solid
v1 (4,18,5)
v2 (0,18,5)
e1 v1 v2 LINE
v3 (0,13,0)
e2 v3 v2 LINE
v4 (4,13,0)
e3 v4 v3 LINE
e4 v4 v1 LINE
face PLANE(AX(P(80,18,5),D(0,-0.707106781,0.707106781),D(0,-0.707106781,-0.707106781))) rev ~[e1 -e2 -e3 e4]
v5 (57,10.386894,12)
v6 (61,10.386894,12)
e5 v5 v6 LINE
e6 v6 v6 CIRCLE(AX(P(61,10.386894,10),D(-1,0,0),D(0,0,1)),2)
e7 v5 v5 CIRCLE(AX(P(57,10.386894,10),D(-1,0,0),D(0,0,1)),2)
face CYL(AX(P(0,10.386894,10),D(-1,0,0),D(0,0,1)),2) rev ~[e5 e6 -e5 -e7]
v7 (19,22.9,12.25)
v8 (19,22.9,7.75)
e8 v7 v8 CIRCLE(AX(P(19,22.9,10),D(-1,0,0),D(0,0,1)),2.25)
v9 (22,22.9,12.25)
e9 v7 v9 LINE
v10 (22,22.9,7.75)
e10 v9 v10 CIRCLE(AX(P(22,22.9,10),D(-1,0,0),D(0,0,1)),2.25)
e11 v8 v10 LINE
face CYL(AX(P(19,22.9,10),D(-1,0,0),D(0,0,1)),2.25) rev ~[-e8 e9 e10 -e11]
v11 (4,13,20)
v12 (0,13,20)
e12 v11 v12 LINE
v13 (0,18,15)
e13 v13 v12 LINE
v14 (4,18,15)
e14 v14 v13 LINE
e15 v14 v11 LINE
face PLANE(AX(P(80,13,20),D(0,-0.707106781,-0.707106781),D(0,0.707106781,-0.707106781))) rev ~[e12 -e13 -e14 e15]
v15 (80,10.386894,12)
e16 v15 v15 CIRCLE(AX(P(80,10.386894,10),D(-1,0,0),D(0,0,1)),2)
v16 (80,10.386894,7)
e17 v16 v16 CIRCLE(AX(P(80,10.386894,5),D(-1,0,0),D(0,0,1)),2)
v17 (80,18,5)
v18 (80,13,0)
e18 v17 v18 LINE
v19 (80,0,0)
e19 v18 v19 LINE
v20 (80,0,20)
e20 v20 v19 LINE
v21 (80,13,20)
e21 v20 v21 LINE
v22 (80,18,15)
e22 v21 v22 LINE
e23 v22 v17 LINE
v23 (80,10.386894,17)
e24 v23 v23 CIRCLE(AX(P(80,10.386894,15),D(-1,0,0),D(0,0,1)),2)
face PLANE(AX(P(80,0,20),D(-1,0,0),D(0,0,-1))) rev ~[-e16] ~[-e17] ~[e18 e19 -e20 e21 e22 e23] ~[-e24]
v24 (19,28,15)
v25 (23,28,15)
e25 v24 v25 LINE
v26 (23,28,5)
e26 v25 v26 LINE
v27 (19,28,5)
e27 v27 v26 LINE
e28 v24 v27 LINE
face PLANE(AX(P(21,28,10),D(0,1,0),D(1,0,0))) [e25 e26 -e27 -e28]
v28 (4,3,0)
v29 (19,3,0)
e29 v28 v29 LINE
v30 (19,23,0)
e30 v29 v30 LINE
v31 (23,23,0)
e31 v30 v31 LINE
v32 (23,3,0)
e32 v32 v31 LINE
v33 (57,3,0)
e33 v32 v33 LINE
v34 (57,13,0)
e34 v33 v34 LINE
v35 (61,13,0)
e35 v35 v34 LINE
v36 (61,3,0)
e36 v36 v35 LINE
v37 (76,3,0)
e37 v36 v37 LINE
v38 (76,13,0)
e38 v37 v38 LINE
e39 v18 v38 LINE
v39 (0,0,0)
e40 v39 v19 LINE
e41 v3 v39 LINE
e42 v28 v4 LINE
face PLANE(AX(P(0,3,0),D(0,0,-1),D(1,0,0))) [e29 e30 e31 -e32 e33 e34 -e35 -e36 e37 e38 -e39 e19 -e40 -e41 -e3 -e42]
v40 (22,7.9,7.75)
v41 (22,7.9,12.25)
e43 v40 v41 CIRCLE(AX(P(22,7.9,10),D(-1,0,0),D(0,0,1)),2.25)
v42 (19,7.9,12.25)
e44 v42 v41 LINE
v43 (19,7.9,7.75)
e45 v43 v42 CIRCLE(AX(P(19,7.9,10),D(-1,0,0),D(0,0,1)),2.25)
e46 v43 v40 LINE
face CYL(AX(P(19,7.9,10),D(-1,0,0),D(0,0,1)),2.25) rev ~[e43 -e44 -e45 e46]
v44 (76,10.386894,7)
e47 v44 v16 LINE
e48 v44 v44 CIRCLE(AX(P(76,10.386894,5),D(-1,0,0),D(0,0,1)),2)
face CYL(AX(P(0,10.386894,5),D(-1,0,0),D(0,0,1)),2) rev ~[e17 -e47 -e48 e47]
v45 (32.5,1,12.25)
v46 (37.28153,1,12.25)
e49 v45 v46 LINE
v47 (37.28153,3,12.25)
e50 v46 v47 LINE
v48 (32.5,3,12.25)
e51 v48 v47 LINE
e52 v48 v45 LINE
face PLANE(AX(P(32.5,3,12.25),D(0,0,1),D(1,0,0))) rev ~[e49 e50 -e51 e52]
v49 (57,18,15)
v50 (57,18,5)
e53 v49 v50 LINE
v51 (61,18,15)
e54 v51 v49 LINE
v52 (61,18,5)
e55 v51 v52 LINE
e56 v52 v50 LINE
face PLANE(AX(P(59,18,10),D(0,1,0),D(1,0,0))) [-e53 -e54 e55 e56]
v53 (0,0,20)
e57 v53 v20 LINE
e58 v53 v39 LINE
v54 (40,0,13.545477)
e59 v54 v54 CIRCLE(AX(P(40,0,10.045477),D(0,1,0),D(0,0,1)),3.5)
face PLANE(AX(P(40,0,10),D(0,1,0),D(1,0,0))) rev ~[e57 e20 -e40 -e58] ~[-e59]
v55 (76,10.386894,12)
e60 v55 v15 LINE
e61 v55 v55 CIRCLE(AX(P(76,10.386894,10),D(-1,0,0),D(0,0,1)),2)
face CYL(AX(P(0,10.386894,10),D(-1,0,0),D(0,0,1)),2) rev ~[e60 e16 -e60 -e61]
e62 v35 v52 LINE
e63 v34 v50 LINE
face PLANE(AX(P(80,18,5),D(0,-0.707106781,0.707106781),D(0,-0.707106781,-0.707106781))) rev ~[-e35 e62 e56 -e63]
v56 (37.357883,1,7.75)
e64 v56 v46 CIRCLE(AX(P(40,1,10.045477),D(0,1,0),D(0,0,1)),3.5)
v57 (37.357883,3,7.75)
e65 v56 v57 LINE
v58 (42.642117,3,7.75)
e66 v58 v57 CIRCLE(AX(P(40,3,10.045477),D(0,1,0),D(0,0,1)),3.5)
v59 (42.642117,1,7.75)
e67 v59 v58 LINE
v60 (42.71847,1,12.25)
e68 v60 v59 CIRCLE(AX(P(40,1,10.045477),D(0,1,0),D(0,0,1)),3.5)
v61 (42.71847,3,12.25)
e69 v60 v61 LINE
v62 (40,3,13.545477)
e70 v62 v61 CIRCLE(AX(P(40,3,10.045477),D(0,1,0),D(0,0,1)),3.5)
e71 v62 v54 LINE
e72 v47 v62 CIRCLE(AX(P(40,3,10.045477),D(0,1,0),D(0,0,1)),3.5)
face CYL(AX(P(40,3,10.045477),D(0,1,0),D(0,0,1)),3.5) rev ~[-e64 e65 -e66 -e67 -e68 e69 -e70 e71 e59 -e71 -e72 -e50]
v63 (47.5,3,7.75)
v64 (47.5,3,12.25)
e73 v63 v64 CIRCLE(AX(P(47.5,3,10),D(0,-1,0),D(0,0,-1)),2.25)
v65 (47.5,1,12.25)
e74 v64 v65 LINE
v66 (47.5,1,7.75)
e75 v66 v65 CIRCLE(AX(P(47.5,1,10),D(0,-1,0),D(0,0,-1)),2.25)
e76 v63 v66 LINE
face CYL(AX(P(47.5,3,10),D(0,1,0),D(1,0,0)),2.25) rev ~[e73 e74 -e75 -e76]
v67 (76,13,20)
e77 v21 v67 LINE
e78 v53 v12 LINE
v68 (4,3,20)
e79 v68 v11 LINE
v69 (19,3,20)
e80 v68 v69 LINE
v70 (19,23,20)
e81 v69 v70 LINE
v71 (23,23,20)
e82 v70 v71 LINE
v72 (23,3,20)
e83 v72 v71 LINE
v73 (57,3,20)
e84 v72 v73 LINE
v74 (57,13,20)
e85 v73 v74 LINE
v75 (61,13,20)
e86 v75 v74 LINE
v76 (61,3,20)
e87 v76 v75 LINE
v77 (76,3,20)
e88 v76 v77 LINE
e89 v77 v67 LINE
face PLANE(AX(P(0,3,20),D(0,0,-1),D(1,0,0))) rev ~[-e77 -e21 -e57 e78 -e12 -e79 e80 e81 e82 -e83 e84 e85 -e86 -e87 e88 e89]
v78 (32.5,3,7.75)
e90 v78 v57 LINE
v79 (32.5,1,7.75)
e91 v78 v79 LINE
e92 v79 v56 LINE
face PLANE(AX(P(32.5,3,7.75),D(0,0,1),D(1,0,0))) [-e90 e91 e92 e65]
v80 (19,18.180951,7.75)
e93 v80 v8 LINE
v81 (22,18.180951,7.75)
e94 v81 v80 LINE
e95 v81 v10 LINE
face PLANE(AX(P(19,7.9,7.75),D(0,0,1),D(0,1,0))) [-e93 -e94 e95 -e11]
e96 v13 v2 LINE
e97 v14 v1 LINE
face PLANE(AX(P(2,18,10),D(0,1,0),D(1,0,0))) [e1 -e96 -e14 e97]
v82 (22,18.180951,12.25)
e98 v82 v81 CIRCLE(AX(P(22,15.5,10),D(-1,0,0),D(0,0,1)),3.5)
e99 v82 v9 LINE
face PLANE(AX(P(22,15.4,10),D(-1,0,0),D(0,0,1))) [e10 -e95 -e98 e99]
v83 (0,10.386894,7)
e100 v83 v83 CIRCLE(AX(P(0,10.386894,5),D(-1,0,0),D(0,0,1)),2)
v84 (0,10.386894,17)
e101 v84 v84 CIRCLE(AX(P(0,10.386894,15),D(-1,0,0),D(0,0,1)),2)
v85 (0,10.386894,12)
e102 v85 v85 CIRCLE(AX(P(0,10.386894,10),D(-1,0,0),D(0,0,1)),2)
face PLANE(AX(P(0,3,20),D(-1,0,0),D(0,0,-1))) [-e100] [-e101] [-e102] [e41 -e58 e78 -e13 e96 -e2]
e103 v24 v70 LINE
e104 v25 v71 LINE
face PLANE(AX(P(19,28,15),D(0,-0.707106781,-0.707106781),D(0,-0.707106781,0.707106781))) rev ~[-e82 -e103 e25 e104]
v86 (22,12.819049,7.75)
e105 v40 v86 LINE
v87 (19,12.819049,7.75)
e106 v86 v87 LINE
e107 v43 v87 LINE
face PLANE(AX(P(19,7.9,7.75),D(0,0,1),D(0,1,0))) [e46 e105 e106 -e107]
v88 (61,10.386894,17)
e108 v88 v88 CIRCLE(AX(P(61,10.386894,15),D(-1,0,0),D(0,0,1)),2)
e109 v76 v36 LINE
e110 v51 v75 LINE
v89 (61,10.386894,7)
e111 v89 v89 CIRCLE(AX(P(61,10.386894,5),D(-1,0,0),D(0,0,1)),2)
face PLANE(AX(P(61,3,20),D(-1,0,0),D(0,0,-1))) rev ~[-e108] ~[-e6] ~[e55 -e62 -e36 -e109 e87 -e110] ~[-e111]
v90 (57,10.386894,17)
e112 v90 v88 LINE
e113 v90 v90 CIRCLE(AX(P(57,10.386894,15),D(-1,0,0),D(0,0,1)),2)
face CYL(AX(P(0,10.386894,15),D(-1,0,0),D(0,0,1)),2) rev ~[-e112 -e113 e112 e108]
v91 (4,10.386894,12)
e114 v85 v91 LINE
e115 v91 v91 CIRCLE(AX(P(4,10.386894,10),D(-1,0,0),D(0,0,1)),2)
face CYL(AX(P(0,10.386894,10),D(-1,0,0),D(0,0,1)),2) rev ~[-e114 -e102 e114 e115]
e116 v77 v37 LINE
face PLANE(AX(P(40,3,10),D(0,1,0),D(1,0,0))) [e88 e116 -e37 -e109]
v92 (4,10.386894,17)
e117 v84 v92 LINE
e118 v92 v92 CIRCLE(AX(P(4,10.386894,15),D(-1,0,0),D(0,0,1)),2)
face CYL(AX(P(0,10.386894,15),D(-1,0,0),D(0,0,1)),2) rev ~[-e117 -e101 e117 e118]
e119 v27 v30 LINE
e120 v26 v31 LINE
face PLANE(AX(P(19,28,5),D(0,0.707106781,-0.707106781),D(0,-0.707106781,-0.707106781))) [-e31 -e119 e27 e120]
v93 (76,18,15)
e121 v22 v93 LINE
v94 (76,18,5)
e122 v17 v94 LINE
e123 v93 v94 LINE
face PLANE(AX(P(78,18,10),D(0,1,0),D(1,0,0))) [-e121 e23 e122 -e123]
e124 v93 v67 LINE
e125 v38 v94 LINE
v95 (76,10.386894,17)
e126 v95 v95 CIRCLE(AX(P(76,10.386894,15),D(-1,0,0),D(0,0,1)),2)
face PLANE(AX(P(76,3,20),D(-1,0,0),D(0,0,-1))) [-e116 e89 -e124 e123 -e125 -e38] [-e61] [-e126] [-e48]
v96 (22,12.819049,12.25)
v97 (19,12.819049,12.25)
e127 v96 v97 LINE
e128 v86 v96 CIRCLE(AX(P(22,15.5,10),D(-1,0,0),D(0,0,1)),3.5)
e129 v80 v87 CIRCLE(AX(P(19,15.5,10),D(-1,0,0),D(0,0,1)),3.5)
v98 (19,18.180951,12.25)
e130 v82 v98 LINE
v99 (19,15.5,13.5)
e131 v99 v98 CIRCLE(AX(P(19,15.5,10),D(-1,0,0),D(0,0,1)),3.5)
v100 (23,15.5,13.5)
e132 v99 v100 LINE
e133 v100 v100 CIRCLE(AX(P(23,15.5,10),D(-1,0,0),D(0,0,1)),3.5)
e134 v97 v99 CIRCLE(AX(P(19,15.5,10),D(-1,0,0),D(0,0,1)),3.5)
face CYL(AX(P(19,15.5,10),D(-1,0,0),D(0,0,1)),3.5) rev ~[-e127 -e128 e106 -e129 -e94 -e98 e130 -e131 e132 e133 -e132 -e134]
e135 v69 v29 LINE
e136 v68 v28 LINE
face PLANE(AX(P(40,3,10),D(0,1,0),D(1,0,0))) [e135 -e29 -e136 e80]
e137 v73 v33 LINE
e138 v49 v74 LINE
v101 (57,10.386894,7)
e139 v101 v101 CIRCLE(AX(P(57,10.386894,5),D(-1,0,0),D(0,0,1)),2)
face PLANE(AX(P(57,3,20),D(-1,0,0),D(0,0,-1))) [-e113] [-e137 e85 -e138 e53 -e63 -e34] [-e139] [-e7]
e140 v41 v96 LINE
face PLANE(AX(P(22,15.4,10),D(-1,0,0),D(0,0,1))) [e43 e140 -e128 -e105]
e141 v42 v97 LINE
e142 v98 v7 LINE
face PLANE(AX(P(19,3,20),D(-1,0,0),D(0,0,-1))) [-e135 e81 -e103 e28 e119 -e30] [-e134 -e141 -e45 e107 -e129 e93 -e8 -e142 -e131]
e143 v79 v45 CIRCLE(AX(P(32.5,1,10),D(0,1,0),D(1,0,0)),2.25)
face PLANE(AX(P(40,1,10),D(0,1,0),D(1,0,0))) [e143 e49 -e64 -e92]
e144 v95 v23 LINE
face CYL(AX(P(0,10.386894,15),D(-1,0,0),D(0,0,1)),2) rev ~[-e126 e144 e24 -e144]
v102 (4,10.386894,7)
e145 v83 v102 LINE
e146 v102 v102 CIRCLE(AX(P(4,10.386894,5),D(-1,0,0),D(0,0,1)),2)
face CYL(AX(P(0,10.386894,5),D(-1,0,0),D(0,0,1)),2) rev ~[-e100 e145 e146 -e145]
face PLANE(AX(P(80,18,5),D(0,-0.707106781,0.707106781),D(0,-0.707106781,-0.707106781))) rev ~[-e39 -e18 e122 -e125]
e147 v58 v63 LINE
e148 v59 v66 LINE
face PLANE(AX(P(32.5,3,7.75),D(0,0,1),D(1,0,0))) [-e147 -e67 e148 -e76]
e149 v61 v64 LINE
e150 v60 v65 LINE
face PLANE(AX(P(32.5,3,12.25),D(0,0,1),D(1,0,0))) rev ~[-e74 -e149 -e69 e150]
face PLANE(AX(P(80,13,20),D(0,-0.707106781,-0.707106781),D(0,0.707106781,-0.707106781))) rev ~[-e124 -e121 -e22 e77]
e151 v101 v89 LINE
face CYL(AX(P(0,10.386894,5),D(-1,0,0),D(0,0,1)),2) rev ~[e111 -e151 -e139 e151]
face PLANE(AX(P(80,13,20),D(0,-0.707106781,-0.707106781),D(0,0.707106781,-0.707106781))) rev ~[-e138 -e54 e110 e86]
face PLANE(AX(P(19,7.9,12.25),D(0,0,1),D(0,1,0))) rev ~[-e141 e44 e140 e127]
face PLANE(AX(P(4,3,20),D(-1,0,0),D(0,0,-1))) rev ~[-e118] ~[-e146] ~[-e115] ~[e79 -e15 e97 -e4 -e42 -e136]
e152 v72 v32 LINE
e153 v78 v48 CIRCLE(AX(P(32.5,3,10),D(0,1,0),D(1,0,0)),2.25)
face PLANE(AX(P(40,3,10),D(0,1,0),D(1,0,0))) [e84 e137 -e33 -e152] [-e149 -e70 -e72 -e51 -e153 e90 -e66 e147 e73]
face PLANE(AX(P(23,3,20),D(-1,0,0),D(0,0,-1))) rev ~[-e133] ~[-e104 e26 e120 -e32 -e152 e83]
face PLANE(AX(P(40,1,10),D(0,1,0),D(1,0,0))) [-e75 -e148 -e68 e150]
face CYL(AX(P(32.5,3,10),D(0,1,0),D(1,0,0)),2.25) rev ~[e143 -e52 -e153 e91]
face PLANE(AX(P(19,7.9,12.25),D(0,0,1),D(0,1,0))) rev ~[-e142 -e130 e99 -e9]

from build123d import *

# Parameters (mm, degrees)
SKETCH_1_W          = 80
SKETCH_1_H          = 20
EXTRUDE_1_DEPTH     = 3
SKETCH_2_R          = 3.5
CUT_EXTRUDE_1_DEPTH = 3
SKETCH_3_W          = 15
SKETCH_3_H          = 4.5
CUT_EXTRUDE_2_DEPTH = 2
SKETCH_5_R          = 2.25
CUT_EXTRUDE_3_DEPTH = 2
SKETCH_6_W          = 4
SKETCH_6_H          = 20
EXTRUDE_2_DEPTH     = 15
CUT_EXTRUDE_4_DEPTH = 83
SKETCH_8_R          = 2
CUT_EXTRUDE_5_DEPTH = 83
SKETCH_9_W          = 4
SKETCH_9_H          = 20
EXTRUDE_3_DEPTH     = 25
SKETCH_10_R         = 3.5
CUT_EXTRUDE_6_DEPTH = 6
SKETCH_11_W         = 4.5
SKETCH_11_H         = 15
CUT_EXTRUDE_7_DEPTH = 3
SKETCH_12_R         = 2.25
CUT_EXTRUDE_8_DEPTH = 3
CUT_EXTRUDE_9_DEPTH = 10


with BuildPart() as part:
    # 草图1 → 凸台-拉伸1 (new body)
    with BuildSketch(Plane(origin=(0, 0, 0), x_dir=(1, 0, 0), z_dir=(0, 1, 0))):
        with Locations((40, -10)):
            Rectangle(SKETCH_1_W, SKETCH_1_H)
    extrude(amount=EXTRUDE_1_DEPTH)

    # 草图2 → 切除-拉伸1 (cut)
    with BuildSketch(Plane(origin=(0, 3, 0), x_dir=(1, 0, 0), z_dir=(0, 1, 0))):
        with Locations(Location((40, -10.045477327, 0), (0, 0, 270))):
            Circle(SKETCH_2_R)
    extrude(amount=-CUT_EXTRUDE_1_DEPTH, mode=Mode.SUBTRACT)

    # 草图3 → 切除-拉伸2 (cut)
    with BuildSketch(Plane(origin=(0, 3, 0), x_dir=(1, 0, 0), z_dir=(0, 1, 0))):
        with Locations((40, -10)):
            Rectangle(SKETCH_3_W, SKETCH_3_H)
    extrude(amount=-CUT_EXTRUDE_2_DEPTH, mode=Mode.SUBTRACT)

    # 草图5 → 切除-拉伸3 (cut)
    with BuildSketch(Plane(origin=(0, 3, 0), x_dir=(1, 0, 0), z_dir=(0, 1, 0))):
        with Locations((32.5, -10)):
            Circle(SKETCH_5_R)
        with Locations((47.5, -10)):
            Circle(SKETCH_5_R)
    extrude(amount=-CUT_EXTRUDE_3_DEPTH, mode=Mode.SUBTRACT)

    # 草图6 → 凸台-拉伸2 (add)
    with BuildSketch(Plane(origin=(0, 3, 0), x_dir=(1, 0, 0), z_dir=(0, 1, 0))):
        with Locations((2, -10)):
            Rectangle(SKETCH_6_W, SKETCH_6_H)
        with Locations((78, -10)):
            Rectangle(SKETCH_6_W, SKETCH_6_H)
        with Locations((59, -10)):
            Rectangle(SKETCH_6_W, SKETCH_6_H)
    extrude(amount=EXTRUDE_2_DEPTH)

    # 草图7 → 切除-拉伸4 (cut)
    with BuildSketch(Plane(origin=(80, 0, 0), x_dir=(0, 0, -1), z_dir=(1, 0, 0))):
        Polygon((-20, 13), (-15, 18), (-20, 18), align=None)
        Polygon((0, 13), (0, 18), (-5, 18), align=None)
    extrude(amount=-CUT_EXTRUDE_4_DEPTH, mode=Mode.SUBTRACT)

    # 草图8 → 切除-拉伸5 (cut)
    with BuildSketch(Plane.ZY):
        with Locations((5, 10.386894075)):
            Circle(SKETCH_8_R)
        with Locations((10, 10.386894075)):
            Circle(SKETCH_8_R)
        with Locations((15, 10.386894075)):
            Circle(SKETCH_8_R)
    extrude(amount=-CUT_EXTRUDE_5_DEPTH, mode=Mode.SUBTRACT)

    # 草图9 → 凸台-拉伸3 (add)
    with BuildSketch(Plane(origin=(0, 3, 0), x_dir=(1, 0, 0), z_dir=(0, 1, 0))):
        with Locations((21, -10)):
            Rectangle(SKETCH_9_W, SKETCH_9_H)
    extrude(amount=EXTRUDE_3_DEPTH)

    # 草图10 → 切除-拉伸6 (cut)
    with BuildSketch(Plane.ZY.offset(-19)):
        with Locations((10, 15.5)):
            Circle(SKETCH_10_R)
    extrude(amount=-CUT_EXTRUDE_6_DEPTH, mode=Mode.SUBTRACT)

    # 草图11 → 切除-拉伸7 (cut)
    with BuildSketch(Plane.ZY.offset(-19)):
        with Locations((10, 15.4)):
            Rectangle(SKETCH_11_W, SKETCH_11_H)
    extrude(amount=-CUT_EXTRUDE_7_DEPTH, mode=Mode.SUBTRACT)

    # 草图12 → 切除-拉伸8 (cut)
    with BuildSketch(Plane.ZY.offset(-19)):
        with Locations((10, 22.9)):
            Circle(SKETCH_12_R)
        with Locations((10, 7.9)):
            Circle(SKETCH_12_R)
    extrude(amount=-CUT_EXTRUDE_8_DEPTH, mode=Mode.SUBTRACT)

    # 草图13 → 切除-拉伸9 (cut)
    with BuildSketch(Plane.ZY.offset(-19)):
        Polygon((5, 28), (0, 23), (0, 28), align=None)
        Polygon((20, 28), (15, 28), (20, 23), align=None)
    extrude(amount=-CUT_EXTRUDE_9_DEPTH, mode=Mode.SUBTRACT)


solid = part.part
